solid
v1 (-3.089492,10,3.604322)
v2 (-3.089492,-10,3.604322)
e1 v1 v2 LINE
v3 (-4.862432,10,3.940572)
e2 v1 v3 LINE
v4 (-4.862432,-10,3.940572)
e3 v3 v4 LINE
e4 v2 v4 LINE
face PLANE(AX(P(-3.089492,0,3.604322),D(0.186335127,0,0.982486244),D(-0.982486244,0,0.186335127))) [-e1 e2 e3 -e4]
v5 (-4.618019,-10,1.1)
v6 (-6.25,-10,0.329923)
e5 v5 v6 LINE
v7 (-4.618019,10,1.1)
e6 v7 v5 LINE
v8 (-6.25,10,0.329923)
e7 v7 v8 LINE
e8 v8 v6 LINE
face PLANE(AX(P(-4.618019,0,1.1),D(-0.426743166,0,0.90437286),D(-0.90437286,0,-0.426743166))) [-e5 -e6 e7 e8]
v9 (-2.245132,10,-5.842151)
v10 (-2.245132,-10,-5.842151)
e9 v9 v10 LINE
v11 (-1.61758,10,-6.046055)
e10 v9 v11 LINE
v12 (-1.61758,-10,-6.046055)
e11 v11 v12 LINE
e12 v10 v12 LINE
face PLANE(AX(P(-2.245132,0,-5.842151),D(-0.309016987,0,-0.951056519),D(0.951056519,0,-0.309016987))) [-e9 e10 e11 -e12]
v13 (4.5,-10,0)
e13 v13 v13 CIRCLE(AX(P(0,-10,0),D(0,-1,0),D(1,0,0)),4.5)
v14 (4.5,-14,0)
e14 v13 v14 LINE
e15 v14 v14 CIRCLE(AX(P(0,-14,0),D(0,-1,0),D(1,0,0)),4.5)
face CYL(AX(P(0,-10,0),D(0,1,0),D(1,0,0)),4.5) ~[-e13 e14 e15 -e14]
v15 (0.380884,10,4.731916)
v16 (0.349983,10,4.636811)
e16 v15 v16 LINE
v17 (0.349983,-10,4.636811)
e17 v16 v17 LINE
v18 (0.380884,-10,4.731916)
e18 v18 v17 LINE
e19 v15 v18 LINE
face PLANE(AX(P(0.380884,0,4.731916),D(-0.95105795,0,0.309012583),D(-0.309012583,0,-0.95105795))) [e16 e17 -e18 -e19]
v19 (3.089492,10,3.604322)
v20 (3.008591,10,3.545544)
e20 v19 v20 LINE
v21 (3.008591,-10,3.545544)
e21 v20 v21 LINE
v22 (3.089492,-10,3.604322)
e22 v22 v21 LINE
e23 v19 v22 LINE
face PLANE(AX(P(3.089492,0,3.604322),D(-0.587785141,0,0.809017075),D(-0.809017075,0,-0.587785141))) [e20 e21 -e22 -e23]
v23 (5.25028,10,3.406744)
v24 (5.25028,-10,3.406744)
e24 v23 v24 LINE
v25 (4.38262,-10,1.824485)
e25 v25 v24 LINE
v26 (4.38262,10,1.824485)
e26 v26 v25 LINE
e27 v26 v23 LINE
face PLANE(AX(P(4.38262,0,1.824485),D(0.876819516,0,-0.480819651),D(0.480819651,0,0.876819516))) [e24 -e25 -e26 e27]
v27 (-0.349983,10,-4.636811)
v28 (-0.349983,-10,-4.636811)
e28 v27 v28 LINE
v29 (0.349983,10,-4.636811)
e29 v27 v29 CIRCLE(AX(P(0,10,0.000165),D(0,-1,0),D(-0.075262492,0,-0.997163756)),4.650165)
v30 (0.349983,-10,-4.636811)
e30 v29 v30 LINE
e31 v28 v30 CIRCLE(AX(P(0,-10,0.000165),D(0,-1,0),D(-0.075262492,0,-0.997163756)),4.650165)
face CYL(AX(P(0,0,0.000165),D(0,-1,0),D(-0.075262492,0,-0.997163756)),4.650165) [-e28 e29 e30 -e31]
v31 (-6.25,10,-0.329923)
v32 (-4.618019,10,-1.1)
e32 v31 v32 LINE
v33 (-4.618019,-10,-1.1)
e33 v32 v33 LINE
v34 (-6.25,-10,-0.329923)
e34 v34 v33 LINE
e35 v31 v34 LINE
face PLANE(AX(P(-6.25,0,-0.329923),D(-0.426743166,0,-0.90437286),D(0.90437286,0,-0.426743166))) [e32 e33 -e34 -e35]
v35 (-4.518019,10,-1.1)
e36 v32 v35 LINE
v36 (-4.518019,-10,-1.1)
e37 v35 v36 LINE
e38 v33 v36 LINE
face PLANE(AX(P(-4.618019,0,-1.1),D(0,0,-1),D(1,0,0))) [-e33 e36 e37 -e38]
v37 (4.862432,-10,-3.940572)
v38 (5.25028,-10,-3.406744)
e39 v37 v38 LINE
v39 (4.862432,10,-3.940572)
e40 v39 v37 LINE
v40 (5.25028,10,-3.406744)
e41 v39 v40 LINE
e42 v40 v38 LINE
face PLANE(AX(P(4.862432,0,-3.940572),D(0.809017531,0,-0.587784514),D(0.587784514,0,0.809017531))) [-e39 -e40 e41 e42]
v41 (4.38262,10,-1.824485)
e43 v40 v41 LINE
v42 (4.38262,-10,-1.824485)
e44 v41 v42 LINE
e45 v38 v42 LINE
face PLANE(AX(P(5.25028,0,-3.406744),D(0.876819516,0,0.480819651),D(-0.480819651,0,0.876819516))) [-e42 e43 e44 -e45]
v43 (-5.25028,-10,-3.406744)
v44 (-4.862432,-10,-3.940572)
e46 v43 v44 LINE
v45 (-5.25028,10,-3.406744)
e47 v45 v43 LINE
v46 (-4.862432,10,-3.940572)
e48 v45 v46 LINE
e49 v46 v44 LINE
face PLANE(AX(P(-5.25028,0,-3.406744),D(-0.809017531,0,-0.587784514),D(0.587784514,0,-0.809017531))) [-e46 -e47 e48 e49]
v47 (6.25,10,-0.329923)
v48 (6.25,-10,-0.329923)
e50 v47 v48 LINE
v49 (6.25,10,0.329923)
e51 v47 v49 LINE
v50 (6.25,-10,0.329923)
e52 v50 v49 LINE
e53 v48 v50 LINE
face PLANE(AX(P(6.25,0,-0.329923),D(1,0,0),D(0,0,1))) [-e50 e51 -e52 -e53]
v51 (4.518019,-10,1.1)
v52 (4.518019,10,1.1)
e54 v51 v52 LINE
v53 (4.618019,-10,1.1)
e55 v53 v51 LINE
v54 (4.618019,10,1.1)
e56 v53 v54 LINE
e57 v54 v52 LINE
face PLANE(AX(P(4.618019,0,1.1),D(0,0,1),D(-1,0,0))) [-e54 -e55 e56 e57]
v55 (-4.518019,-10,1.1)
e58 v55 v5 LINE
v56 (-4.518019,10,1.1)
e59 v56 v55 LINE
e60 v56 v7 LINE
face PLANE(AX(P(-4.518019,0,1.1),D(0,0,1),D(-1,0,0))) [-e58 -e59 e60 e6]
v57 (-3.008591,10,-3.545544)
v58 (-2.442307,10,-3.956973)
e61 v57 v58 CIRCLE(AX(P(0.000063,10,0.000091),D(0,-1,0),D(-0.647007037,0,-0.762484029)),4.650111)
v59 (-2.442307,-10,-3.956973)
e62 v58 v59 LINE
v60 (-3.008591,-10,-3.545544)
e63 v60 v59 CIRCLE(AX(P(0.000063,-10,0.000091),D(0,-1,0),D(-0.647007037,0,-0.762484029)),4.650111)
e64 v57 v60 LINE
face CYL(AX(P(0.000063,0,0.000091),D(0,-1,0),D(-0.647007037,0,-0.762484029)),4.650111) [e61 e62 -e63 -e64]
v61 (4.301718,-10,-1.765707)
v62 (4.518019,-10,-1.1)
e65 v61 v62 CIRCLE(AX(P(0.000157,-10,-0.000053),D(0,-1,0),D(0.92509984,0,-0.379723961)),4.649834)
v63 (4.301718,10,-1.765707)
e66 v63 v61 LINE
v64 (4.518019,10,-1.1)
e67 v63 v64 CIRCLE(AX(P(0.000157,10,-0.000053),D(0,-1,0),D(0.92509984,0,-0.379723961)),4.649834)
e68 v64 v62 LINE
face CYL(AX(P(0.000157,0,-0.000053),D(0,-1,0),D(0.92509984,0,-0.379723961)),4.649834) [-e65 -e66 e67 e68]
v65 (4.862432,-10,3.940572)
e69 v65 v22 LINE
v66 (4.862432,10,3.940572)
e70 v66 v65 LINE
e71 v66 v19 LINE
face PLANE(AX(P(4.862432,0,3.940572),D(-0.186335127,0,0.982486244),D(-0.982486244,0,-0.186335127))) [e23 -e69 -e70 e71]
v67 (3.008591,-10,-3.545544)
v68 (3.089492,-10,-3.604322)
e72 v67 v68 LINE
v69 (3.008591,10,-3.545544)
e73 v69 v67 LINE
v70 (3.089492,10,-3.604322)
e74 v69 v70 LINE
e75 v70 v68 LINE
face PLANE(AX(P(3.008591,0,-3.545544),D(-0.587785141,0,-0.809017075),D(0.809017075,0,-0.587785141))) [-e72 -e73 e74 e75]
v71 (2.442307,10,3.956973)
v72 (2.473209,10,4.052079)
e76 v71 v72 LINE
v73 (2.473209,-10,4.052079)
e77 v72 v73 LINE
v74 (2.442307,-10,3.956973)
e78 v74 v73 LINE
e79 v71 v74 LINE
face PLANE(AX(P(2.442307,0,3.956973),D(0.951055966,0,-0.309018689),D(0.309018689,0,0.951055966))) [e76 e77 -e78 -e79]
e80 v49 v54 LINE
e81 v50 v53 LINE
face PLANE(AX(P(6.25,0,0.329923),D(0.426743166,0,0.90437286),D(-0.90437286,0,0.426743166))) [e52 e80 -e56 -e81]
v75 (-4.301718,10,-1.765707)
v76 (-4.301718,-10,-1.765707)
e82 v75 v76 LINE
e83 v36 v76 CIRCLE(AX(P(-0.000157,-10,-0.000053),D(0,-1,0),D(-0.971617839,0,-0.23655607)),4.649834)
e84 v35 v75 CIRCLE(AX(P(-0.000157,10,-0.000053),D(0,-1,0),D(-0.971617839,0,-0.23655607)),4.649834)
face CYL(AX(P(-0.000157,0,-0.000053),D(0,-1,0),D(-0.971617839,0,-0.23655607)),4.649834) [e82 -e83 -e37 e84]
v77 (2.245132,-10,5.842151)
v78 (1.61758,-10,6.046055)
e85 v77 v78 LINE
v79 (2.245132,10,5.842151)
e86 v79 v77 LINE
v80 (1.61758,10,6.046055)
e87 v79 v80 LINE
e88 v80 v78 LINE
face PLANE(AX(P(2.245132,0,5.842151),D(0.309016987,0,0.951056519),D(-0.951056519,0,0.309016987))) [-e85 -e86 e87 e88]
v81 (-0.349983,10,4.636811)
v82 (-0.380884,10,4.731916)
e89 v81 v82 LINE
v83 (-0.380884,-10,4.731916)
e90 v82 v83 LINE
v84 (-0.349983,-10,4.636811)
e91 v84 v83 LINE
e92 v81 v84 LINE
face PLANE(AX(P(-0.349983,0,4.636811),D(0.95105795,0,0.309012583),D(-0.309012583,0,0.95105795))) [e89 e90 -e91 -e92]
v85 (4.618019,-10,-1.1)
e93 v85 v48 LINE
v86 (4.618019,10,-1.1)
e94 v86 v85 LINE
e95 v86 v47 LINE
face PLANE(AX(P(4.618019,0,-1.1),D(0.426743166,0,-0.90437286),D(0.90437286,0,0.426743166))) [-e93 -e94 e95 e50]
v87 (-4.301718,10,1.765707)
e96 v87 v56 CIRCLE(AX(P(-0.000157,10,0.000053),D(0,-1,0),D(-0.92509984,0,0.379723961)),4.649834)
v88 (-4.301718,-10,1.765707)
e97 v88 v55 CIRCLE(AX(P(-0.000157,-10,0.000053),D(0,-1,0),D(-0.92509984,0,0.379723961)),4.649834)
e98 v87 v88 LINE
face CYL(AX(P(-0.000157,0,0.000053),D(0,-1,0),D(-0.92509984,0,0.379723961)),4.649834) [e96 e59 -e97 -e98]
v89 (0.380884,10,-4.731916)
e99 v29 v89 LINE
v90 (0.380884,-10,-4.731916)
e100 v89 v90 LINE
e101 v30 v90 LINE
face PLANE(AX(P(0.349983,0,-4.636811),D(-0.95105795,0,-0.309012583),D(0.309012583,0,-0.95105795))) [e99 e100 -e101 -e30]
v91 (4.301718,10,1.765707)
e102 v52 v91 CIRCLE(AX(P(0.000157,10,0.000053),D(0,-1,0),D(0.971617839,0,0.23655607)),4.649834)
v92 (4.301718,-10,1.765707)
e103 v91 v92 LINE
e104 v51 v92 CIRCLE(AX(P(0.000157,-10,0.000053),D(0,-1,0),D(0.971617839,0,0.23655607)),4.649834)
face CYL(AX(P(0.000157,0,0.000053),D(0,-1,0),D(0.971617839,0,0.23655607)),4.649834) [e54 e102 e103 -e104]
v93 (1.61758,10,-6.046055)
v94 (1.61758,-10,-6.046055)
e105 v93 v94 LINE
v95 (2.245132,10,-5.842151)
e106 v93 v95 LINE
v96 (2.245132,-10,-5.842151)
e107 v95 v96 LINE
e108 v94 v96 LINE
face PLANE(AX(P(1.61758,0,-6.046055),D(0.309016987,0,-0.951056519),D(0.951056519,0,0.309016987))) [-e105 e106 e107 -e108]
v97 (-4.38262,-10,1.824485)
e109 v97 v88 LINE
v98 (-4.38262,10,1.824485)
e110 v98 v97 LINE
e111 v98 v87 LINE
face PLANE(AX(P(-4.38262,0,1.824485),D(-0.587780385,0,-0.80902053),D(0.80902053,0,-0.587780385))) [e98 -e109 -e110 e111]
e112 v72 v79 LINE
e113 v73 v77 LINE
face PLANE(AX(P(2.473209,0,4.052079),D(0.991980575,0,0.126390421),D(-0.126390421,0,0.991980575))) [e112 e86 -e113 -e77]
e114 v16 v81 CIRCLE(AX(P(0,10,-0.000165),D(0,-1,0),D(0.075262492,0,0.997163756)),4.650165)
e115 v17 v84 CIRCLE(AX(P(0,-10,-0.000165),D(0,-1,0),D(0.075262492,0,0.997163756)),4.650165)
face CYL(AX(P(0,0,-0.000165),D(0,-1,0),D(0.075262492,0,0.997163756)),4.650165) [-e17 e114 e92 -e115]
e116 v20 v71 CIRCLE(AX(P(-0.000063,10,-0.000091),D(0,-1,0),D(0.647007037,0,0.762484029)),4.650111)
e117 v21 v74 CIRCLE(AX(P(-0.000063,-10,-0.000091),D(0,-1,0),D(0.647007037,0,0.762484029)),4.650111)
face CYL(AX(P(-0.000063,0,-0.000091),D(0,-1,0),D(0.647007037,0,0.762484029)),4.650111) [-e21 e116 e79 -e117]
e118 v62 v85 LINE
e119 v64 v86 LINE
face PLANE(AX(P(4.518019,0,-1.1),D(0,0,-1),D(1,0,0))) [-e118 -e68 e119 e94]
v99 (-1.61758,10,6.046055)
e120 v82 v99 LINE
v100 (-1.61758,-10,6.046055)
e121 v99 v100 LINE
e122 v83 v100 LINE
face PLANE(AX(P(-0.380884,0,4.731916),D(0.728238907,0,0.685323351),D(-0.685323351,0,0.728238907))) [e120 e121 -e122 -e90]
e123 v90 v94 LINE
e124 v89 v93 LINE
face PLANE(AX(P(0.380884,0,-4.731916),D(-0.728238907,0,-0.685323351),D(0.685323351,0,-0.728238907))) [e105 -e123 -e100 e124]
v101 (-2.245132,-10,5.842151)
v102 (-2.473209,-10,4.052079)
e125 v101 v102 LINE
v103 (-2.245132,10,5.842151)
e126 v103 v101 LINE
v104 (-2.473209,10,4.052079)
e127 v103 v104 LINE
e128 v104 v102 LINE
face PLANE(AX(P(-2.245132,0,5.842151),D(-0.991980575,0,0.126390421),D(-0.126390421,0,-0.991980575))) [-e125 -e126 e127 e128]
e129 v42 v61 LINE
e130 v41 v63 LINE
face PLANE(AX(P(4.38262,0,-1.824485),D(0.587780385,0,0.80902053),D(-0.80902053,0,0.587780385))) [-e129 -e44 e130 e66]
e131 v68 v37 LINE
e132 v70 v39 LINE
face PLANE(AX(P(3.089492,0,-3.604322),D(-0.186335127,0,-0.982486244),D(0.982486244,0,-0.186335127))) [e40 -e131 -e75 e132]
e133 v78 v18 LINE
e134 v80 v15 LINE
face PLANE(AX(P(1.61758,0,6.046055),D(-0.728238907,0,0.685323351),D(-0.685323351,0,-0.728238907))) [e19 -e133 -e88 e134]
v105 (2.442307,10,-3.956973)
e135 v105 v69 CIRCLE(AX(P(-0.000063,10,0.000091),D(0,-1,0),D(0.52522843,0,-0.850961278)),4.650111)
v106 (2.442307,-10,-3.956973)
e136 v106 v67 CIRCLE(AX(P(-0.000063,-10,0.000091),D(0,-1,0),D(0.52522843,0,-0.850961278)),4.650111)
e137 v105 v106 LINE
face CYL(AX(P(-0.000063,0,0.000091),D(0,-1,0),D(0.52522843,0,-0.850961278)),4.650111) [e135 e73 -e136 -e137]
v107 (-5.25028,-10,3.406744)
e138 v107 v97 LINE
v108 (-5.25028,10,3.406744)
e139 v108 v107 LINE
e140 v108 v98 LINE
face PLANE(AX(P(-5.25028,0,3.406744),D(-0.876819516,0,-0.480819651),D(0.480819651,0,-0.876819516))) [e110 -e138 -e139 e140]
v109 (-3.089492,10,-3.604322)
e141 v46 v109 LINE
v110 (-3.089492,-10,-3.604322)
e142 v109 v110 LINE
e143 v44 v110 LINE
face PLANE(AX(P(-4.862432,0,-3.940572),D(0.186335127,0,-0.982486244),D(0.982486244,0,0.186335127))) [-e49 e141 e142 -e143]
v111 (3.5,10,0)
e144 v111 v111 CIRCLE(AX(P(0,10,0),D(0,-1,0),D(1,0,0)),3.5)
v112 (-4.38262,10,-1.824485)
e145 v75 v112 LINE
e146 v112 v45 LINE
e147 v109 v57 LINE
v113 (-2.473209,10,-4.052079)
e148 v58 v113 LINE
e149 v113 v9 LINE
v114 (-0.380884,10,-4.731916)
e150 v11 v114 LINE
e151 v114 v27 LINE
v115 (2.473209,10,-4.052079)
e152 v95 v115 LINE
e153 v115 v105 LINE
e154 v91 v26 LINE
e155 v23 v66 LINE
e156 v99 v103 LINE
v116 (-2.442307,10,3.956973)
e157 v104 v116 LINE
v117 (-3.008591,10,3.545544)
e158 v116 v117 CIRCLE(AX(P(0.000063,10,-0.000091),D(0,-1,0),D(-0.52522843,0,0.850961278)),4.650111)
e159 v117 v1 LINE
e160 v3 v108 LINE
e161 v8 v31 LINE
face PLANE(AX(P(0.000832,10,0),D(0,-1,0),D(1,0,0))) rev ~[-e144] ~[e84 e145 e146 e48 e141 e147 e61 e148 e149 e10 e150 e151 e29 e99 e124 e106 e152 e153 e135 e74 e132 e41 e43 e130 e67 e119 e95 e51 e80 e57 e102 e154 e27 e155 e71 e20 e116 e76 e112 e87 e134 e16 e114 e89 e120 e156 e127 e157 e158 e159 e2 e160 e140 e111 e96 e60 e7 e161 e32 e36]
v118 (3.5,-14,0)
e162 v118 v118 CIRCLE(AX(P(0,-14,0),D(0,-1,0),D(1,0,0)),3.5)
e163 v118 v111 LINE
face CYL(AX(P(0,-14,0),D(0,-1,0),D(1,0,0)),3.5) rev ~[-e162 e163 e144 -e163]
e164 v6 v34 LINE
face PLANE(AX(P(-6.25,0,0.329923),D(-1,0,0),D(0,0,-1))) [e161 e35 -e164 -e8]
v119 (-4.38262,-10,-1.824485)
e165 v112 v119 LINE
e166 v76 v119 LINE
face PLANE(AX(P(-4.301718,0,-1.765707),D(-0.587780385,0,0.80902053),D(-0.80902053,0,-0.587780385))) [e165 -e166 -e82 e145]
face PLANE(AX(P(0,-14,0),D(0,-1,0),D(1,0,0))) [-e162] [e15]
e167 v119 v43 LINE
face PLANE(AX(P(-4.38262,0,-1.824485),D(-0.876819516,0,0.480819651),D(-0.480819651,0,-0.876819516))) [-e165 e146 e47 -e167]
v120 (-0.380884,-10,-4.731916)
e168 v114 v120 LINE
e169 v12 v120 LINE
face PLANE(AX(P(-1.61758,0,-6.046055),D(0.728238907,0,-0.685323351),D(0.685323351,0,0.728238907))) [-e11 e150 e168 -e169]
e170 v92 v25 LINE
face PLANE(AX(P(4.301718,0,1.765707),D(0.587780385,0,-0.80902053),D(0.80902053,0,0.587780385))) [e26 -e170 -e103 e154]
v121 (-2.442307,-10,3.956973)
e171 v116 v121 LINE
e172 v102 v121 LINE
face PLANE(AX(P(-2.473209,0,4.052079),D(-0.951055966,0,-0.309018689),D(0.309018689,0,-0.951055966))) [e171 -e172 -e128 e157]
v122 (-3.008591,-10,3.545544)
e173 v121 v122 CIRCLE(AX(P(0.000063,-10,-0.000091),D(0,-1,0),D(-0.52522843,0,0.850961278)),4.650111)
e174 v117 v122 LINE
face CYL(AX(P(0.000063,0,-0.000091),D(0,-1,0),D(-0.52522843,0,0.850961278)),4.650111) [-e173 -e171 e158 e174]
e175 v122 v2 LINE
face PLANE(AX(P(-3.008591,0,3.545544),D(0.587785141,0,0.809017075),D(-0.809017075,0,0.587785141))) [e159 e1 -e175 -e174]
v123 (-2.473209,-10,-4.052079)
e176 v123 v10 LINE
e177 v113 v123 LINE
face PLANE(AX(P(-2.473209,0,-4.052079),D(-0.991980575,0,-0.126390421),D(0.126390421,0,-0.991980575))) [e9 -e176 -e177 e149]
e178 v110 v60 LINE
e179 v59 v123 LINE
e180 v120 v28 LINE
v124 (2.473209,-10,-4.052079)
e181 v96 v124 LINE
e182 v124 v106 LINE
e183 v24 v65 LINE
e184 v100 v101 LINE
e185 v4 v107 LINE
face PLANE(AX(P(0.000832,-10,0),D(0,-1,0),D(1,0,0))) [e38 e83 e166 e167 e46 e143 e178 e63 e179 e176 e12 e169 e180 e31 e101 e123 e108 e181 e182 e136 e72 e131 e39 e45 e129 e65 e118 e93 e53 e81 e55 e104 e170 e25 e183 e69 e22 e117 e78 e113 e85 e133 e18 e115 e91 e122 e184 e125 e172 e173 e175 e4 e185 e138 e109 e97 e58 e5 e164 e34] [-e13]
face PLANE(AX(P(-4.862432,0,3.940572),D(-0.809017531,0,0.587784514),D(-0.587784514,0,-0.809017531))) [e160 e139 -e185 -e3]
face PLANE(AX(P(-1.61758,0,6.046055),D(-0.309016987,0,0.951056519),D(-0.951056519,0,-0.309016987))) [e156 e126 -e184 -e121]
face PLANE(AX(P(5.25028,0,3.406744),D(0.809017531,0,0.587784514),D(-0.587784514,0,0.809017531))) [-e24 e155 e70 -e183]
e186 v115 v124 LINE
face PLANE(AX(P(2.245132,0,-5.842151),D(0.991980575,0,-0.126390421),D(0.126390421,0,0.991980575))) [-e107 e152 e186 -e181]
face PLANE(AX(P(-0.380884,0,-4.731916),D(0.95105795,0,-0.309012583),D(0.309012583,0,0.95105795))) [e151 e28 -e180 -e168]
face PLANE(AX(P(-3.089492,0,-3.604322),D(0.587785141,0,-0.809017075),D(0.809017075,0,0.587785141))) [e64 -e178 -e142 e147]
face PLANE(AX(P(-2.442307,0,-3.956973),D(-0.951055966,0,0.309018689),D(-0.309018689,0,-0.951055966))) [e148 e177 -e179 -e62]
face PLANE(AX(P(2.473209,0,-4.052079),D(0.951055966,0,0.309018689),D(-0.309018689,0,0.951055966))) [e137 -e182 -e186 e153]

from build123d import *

# Parameters (mm, degrees)
F1_DEPTH      = 10
F1_DEPTH_BACK = 10
F2_R          = 4.5
F3_DEPTH      = 4
F4_R          = 3.5
F5_DEPTH      = 25.2476


with BuildPart() as f1:
    # F0 (on Front) → F1 (new body, two sides)
    with BuildSketch(Plane.XZ) as f1_sk:
        with BuildLine():
            ThreePointArc((4.518019, -1.1), (4.616887, -0.553945), (4.65, 0))
            ThreePointArc((4.65, 0), (4.616887, 0.553945), (4.518019, 1.1))
            ThreePointArc((4.518019, 1.1), (4.422413, 1.436929), (4.301718, 1.765707))
            ThreePointArc((4.301718, 1.765707), (3.761929, 2.733201), (3.008591, 3.545544))
            ThreePointArc((3.008591, 3.545544), (2.733201, 3.761929), (2.442307, 3.956973))
            ThreePointArc((2.442307, 3.956973), (1.436929, 4.422413), (0.349983, 4.636811))
            ThreePointArc((0.349983, 4.636811), (0, 4.65), (-0.349983, 4.636811))
            ThreePointArc((-0.349983, 4.636811), (-1.436929, 4.422413), (-2.442307, 3.956973))
            ThreePointArc((-2.442307, 3.956973), (-2.733201, 3.761929), (-3.008591, 3.545544))
            ThreePointArc((-3.008591, 3.545544), (-3.761929, 2.733201), (-4.301718, 1.765707))
            ThreePointArc((-4.301718, 1.765707), (-4.422413, 1.436929), (-4.518019, 1.1))
            ThreePointArc((-4.518019, 1.1), (-4.65, 0), (-4.518019, -1.1))
            ThreePointArc((-4.518019, -1.1), (-4.422413, -1.436929), (-4.301718, -1.765707))
            ThreePointArc((-4.301718, -1.765707), (-3.761929, -2.733201), (-3.008591, -3.545544))
            ThreePointArc((-3.008591, -3.545544), (-2.733201, -3.761929), (-2.442307, -3.956973))
            ThreePointArc((-2.442307, -3.956973), (-1.436929, -4.422413), (-0.349983, -4.636811))
            ThreePointArc((-0.349983, -4.636811), (0, -4.65), (0.349983, -4.636811))
            ThreePointArc((0.349983, -4.636811), (1.436929, -4.422413), (2.442307, -3.956973))
            ThreePointArc((2.442307, -3.956973), (2.733201, -3.761929), (3.008591, -3.545544))
            ThreePointArc((3.008591, -3.545544), (3.761929, -2.733201), (4.301718, -1.765707))
            ThreePointArc((4.301718, -1.765707), (4.422413, -1.436929), (4.518019, -1.1))
        make_face()
        with BuildLine():
            ThreePointArc((4.518019, 1.1), (4.616887, 0.553945), (4.65, 0))
            ThreePointArc((4.65, 0), (4.616887, -0.553945), (4.518019, -1.1))
            Line((4.518019, -1.1), (4.618019, -1.1))
            Line((4.618019, -1.1), (6.25, -0.329923))
            Line((6.25, -0.329923), (6.25, 0))
            Line((6.25, 0), (6.25, 0.329923))
            Line((6.25, 0.329923), (4.618019, 1.1))
            Line((4.618019, 1.1), (4.518019, 1.1))
        make_face()
        with BuildLine():
            ThreePointArc((3.008591, 3.545544), (3.761929, 2.733201), (4.301718, 1.765707))
            Line((4.301718, 1.765707), (4.38262, 1.824485))
            Line((4.38262, 1.824485), (5.25028, 3.406744))
            Line((5.25028, 3.406744), (5.056356, 3.673658))
            Line((5.056356, 3.673658), (4.862432, 3.940572))
            Line((4.862432, 3.940572), (3.089492, 3.604322))
            Line((3.089492, 3.604322), (3.008591, 3.545544))
        make_face()
        with BuildLine():
            Line((4.38262, -1.824485), (4.301718, -1.765707))
            ThreePointArc((4.301718, -1.765707), (3.761929, -2.733201), (3.008591, -3.545544))
            Line((3.008591, -3.545544), (3.089492, -3.604322))
            Line((3.089492, -3.604322), (4.862432, -3.940572))
            Line((4.862432, -3.940572), (5.056356, -3.673658))
            Line((5.056356, -3.673658), (5.25028, -3.406744))
            Line((5.25028, -3.406744), (4.38262, -1.824485))
        make_face()
        with BuildLine():
            ThreePointArc((0.349983, 4.636811), (1.436929, 4.422413), (2.442307, 3.956973))
            Line((2.442307, 3.956973), (2.473209, 4.052079))
            Line((2.473209, 4.052079), (2.245132, 5.842151))
            Line((2.245132, 5.842151), (1.931356, 5.944103))
            Line((1.931356, 5.944103), (1.61758, 6.046055))
            Line((1.61758, 6.046055), (0.380884, 4.731916))
            Line((0.380884, 4.731916), (0.349983, 4.636811))
        make_face()
        with BuildLine():
            Line((2.473209, -4.052079), (2.442307, -3.956973))
            ThreePointArc((2.442307, -3.956973), (1.436929, -4.422413), (0.349983, -4.636811))
            Line((0.349983, -4.636811), (0.380884, -4.731916))
            Line((0.380884, -4.731916), (1.61758, -6.046055))
            Line((1.61758, -6.046055), (1.931356, -5.944103))
            Line((1.931356, -5.944103), (2.245132, -5.842151))
            Line((2.245132, -5.842151), (2.473209, -4.052079))
        make_face()
        with BuildLine():
            ThreePointArc((-2.442307, 3.956973), (-1.436929, 4.422413), (-0.349983, 4.636811))
            Line((-0.349983, 4.636811), (-0.380884, 4.731916))
            Line((-0.380884, 4.731916), (-1.61758, 6.046055))
            Line((-1.61758, 6.046055), (-1.931356, 5.944103))
            Line((-1.931356, 5.944103), (-2.245132, 5.842151))
            Line((-2.245132, 5.842151), (-2.473209, 4.052079))
            Line((-2.473209, 4.052079), (-2.442307, 3.956973))
        make_face()
        with BuildLine():
            Line((-0.380884, -4.731916), (-0.349983, -4.636811))
            ThreePointArc((-0.349983, -4.636811), (-1.436929, -4.422413), (-2.442307, -3.956973))
            Line((-2.442307, -3.956973), (-2.473209, -4.052079))
            Line((-2.473209, -4.052079), (-2.245132, -5.842151))
            Line((-2.245132, -5.842151), (-1.931356, -5.944103))
            Line((-1.931356, -5.944103), (-1.61758, -6.046055))
            Line((-1.61758, -6.046055), (-0.380884, -4.731916))
        make_face()
        with BuildLine():
            ThreePointArc((-4.301718, 1.765707), (-3.761929, 2.733201), (-3.008591, 3.545544))
            Line((-3.008591, 3.545544), (-3.089492, 3.604322))
            Line((-3.089492, 3.604322), (-4.862432, 3.940572))
            Line((-4.862432, 3.940572), (-5.056356, 3.673658))
            Line((-5.056356, 3.673658), (-5.25028, 3.406744))
            Line((-5.25028, 3.406744), (-4.38262, 1.824485))
            Line((-4.38262, 1.824485), (-4.301718, 1.765707))
        make_face()
        with BuildLine():
            Line((-3.089492, -3.604322), (-3.008591, -3.545544))
            ThreePointArc((-3.008591, -3.545544), (-3.761929, -2.733201), (-4.301718, -1.765707))
            Line((-4.301718, -1.765707), (-4.38262, -1.824485))
            Line((-4.38262, -1.824485), (-5.25028, -3.406744))
            Line((-5.25028, -3.406744), (-5.056356, -3.673658))
            Line((-5.056356, -3.673658), (-4.862432, -3.940572))
            Line((-4.862432, -3.940572), (-3.089492, -3.604322))
        make_face()
        with BuildLine():
            ThreePointArc((-4.518019, -1.1), (-4.65, 0), (-4.518019, 1.1))
            Line((-4.518019, 1.1), (-4.618019, 1.1))
            Line((-4.618019, 1.1), (-6.25, 0.329923))
            Line((-6.25, 0.329923), (-6.25, 0))
            Line((-6.25, 0), (-6.25, -0.329923))
            Line((-6.25, -0.329923), (-4.618019, -1.1))
            Line((-4.618019, -1.1), (-4.518019, -1.1))
        make_face()
    extrude(amount=F1_DEPTH)
    extrude(f1_sk.sketch, amount=-F1_DEPTH_BACK)

    # F2 (on face) → F3 (join)
    with BuildSketch(Plane.XZ.offset(10)):
        Circle(F2_R)
    extrude(amount=F3_DEPTH)

    # F4 (on face) → F5 (cut)
    with BuildSketch(Plane.XZ.offset(14)):
        Circle(F4_R)
    extrude(amount=-F5_DEPTH, mode=Mode.SUBTRACT)


solid = f1.part
